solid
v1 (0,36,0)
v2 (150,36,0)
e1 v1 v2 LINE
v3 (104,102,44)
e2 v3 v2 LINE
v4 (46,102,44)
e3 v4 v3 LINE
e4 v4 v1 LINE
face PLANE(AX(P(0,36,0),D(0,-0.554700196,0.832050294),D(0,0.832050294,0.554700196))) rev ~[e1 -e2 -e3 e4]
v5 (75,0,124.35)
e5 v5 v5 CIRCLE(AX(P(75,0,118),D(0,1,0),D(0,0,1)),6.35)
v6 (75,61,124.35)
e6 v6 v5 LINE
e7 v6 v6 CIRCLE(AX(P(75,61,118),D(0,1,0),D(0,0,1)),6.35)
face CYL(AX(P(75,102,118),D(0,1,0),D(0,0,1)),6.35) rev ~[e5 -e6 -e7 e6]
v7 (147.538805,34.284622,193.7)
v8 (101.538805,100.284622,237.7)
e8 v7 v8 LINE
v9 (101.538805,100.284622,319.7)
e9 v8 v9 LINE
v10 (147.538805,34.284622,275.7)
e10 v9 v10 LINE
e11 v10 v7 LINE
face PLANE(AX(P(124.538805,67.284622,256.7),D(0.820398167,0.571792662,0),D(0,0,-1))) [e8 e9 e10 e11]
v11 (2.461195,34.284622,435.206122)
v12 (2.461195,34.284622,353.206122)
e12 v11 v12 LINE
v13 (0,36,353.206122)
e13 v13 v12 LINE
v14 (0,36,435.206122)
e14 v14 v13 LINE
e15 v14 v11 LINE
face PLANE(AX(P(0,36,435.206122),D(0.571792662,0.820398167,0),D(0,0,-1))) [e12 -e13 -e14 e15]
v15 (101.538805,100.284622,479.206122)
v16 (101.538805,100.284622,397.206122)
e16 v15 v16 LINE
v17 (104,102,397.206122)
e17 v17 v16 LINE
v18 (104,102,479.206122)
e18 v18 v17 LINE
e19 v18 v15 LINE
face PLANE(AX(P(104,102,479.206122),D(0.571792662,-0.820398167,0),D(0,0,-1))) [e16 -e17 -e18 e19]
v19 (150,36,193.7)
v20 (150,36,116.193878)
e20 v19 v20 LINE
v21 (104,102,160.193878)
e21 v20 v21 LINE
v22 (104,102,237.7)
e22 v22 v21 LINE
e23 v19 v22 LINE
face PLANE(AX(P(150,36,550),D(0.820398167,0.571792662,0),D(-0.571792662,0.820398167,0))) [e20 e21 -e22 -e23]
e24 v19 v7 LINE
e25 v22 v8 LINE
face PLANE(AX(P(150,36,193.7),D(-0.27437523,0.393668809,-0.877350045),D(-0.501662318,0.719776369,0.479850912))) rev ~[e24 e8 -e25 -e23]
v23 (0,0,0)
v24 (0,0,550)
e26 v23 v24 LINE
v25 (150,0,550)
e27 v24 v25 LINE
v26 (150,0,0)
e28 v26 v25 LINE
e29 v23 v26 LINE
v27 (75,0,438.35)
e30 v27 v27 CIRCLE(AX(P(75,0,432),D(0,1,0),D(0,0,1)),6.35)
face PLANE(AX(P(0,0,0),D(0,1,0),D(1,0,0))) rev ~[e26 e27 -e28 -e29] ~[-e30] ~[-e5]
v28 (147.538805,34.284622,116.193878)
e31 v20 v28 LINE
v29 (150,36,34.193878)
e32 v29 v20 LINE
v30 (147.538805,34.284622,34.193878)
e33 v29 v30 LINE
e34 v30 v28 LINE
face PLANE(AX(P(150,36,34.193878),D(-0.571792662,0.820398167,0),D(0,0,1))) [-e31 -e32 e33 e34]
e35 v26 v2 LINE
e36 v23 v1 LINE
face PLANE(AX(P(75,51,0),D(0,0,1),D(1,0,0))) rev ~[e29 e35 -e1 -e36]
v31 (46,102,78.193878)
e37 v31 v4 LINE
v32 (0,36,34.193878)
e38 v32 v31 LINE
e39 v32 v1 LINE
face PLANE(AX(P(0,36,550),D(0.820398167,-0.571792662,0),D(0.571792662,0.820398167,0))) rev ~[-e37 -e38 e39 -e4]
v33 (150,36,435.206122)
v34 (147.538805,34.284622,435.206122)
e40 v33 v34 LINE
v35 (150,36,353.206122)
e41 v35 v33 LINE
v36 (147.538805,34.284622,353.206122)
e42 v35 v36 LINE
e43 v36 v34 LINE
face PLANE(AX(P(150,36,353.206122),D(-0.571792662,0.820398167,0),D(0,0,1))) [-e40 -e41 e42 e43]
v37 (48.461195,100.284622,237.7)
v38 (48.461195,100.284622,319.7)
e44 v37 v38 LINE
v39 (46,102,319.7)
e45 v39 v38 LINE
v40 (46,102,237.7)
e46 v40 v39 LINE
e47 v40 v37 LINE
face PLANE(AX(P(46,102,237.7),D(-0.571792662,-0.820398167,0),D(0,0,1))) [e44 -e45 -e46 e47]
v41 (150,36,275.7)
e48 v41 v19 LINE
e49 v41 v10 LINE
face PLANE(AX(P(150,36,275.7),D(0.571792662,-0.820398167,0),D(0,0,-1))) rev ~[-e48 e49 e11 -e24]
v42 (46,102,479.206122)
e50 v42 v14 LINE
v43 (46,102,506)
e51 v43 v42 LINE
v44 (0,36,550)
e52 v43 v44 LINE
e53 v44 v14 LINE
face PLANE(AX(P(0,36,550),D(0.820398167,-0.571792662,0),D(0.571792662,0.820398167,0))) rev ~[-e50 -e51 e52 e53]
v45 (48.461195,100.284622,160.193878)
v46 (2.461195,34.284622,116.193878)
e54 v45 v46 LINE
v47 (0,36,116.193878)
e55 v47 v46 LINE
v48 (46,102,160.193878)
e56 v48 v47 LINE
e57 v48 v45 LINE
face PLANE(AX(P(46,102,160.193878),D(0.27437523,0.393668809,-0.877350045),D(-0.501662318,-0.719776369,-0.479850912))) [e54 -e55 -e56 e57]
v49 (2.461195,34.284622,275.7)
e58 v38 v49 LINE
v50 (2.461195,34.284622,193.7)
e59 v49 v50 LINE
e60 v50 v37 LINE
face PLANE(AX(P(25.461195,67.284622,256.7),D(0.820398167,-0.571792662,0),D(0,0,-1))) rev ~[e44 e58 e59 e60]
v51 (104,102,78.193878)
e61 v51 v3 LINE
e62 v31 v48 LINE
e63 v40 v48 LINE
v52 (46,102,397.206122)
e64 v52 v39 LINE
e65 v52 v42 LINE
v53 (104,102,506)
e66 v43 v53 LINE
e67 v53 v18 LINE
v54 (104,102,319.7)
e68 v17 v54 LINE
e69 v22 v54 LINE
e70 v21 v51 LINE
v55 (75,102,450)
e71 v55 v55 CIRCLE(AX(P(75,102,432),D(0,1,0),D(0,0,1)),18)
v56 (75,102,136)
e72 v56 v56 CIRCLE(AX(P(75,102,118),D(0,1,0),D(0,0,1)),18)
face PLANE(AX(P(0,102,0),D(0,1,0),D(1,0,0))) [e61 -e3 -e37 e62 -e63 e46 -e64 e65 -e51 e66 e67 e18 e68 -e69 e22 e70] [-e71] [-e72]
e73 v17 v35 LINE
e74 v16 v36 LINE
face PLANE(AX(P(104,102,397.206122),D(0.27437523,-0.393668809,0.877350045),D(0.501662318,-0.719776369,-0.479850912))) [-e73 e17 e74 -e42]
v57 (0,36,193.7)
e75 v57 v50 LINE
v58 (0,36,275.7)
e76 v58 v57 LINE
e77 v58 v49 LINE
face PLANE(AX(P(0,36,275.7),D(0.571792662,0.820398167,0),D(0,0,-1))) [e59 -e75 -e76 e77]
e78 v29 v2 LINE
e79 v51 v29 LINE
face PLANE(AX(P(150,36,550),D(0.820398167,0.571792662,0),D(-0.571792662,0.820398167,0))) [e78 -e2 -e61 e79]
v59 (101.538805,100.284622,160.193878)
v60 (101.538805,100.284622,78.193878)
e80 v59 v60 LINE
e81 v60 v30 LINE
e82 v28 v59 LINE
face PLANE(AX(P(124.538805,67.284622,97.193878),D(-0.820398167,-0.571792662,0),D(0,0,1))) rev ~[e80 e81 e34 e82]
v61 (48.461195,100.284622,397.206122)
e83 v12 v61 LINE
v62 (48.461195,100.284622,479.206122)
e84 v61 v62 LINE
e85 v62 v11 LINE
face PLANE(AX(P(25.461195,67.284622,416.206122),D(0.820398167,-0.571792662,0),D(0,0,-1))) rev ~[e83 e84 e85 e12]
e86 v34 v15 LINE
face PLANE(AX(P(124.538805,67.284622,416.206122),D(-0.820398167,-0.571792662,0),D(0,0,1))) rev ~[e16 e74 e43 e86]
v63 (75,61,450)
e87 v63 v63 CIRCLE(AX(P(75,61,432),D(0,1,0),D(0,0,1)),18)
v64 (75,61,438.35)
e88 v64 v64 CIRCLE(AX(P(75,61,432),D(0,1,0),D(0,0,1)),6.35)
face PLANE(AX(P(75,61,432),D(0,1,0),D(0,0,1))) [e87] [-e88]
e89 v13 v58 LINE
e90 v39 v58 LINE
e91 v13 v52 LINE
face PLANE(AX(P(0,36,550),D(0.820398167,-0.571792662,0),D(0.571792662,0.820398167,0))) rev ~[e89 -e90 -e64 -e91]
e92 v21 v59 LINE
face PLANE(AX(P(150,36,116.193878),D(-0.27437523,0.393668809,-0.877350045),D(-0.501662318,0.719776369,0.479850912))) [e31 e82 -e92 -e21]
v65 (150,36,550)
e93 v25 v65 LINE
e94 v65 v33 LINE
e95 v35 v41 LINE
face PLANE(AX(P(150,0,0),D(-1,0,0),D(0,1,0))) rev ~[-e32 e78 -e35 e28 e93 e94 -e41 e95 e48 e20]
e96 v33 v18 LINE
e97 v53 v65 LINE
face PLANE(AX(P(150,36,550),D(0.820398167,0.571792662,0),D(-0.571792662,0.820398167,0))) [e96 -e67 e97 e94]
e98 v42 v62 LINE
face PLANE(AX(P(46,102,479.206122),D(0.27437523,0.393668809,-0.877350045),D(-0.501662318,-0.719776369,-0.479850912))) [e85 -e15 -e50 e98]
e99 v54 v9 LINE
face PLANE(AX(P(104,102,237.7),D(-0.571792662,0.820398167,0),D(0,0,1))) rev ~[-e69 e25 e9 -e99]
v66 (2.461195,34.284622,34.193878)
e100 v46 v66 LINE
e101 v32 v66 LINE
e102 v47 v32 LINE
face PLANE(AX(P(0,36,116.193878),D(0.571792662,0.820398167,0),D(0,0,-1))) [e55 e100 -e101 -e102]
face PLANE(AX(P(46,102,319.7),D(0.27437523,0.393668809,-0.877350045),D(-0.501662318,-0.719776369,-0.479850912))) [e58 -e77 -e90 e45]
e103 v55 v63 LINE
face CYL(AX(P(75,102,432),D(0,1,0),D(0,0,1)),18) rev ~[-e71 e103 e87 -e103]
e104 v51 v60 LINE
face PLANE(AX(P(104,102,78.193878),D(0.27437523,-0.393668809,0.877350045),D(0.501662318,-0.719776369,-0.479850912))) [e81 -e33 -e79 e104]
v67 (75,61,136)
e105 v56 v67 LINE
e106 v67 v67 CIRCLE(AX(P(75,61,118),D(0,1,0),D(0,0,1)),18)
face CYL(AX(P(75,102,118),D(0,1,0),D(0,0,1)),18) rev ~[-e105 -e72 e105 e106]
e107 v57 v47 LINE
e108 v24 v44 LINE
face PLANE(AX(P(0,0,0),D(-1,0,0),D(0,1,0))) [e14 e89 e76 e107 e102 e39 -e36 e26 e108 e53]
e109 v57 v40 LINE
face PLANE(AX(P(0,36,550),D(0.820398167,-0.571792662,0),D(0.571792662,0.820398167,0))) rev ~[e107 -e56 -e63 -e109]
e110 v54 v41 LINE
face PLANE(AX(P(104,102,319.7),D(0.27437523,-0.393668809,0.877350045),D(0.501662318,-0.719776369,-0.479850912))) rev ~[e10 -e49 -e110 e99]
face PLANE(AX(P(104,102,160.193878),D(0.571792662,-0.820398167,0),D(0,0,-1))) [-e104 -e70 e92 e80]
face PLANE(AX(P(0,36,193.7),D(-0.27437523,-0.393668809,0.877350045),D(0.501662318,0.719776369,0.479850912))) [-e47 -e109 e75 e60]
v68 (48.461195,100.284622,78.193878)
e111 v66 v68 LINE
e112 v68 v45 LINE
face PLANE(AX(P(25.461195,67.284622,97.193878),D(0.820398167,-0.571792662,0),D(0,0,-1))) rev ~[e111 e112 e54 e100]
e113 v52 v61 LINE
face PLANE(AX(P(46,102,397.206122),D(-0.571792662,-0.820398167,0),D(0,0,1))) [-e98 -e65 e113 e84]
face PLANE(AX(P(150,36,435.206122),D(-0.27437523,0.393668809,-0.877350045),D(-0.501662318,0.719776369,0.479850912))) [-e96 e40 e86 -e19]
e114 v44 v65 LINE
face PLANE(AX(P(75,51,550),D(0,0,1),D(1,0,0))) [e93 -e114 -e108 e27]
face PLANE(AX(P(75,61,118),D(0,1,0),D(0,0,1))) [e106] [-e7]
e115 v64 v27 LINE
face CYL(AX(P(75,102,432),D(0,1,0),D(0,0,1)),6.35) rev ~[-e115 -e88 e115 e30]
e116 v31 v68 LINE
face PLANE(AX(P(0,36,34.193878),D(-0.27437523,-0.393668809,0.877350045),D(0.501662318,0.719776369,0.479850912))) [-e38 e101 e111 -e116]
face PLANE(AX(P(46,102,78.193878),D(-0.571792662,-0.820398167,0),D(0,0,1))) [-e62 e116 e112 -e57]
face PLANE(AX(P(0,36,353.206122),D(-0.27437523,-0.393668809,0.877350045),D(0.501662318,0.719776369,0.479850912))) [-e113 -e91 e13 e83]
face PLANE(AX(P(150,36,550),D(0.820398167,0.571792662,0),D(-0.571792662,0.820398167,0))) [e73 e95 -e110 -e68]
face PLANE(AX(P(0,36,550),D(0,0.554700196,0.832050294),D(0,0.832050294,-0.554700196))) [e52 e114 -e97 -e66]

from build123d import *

# Parameters (mm, degrees)
CROQUIS1_W              = 150
CROQUIS1_H              = 102
SALIENTE_EXTRUIR1_DEPTH = 550
CORTAR_EXTRUIR1_DEPTH   = 550
CORTAR_EXTRUIR2_DEPTH   = 500
CORTAR_EXTRUIR3_DEPTH   = 3
CORTAR_EXTRUIR4_DEPTH   = 3
CROQUIS6_R              = 6.35
CORTAR_EXTRUIR5_DEPTH   = 102
CROQUIS7_R              = 18
CORTAR_EXTRUIR6_DEPTH   = 41


with BuildPart() as part:
    # Croquis1 → Saliente-Extruir1 (new body)
    with BuildSketch(Plane.XY):
        with Locations((75, 51)):
            Rectangle(CROQUIS1_W, CROQUIS1_H)
    extrude(amount=SALIENTE_EXTRUIR1_DEPTH)

    # Croquis2 → Cortar-Extruir1 (cut)
    with BuildSketch(Plane.XY.offset(550)):
        Polygon((0, 36), (46, 102), (-6.726685703, 105.184971584), align=None)
        Polygon((150, 36), (104, 102), (154.547307418, 106.586000482), align=None)
    extrude(amount=-CORTAR_EXTRUIR1_DEPTH, mode=Mode.SUBTRACT)

    # Croquis3 → Cortar-Extruir2 (cut)
    with BuildSketch(Plane.ZY):
        Polygon((0, 36), (44, 102), (0, 102), align=None)
        Polygon((550, 36), (506, 102), (550, 102), align=None)
    extrude(amount=-CORTAR_EXTRUIR2_DEPTH, mode=Mode.SUBTRACT)

    # Croquis4 → Cortar-Extruir3 (cut)
    with BuildSketch(Plane(origin=(-16.887515451, 11.770086527, 0), x_dir=(0, 0, 1), z_dir=(-0.8203981667699868, 0.5717926616881726, 0))):
        Polygon((34.193877534, 29.534334004), (78.193877534, 109.983075448), (160.193877534, 109.983075448), (116.193877534, 29.534334004), align=None)
        Polygon((193.699999945, 29.534334004), (237.699999945, 109.983075448), (319.699999945, 109.983075448), (275.699999945, 29.534334004), align=None)
        Polygon((353.206122355, 29.534334004), (397.206122355, 109.983075448), (479.206122355, 109.983075448), (435.206122355, 29.534334004), align=None)
    extrude(amount=-CORTAR_EXTRUIR3_DEPTH, mode=Mode.SUBTRACT)

    # Croquis5 → Cortar-Extruir4 (cut)
    with BuildSketch(Plane(origin=(117.845488257, 82.13473424, 0), x_dir=(0, 0, -1), z_dir=(0.8203981667699864, 0.5717926616881731, 0))):
        Polygon((-78.193877534, 24.214176195), (-34.193877534, -56.23456525), (-116.193877534, -56.23456525), (-160.193877534, 24.214176195), align=None)
        Polygon((-193.699999945, -56.23456525), (-237.699999945, 24.214176195), (-319.699999945, 24.214176195), (-275.699999945, -56.23456525), align=None)
        Polygon((-397.206122355, 24.214176195), (-353.206122355, -56.23456525), (-435.206122355, -56.23456525), (-479.206122355, 24.214176195), align=None)
    extrude(amount=-CORTAR_EXTRUIR4_DEPTH, mode=Mode.SUBTRACT)

    # Croquis6 → Cortar-Extruir5 (cut)
    with BuildSketch(Plane(origin=(0, 102, 0), x_dir=(1, 0, 0), z_dir=(0, 1, 0))):
        with Locations(Location((75, -118, 0), (0, 0, 270))):
            Circle(CROQUIS6_R)
        with Locations(Location((75, -432, 0), (0, 0, 270))):
            Circle(CROQUIS6_R)
    extrude(amount=-CORTAR_EXTRUIR5_DEPTH, mode=Mode.SUBTRACT)

    # Croquis7 → Cortar-Extruir6 (cut)
    with BuildSketch(Plane(origin=(0, 102, 0), x_dir=(1, 0, 0), z_dir=(0, 1, 0))):
        with Locations(Location((75, -118, 0), (0, 0, 270))):
            Circle(CROQUIS7_R)
        with Locations(Location((75, -432, 0), (0, 0, 270))):
            Circle(CROQUIS7_R)
    extrude(amount=-CORTAR_EXTRUIR6_DEPTH, mode=Mode.SUBTRACT)


solid = part.part
